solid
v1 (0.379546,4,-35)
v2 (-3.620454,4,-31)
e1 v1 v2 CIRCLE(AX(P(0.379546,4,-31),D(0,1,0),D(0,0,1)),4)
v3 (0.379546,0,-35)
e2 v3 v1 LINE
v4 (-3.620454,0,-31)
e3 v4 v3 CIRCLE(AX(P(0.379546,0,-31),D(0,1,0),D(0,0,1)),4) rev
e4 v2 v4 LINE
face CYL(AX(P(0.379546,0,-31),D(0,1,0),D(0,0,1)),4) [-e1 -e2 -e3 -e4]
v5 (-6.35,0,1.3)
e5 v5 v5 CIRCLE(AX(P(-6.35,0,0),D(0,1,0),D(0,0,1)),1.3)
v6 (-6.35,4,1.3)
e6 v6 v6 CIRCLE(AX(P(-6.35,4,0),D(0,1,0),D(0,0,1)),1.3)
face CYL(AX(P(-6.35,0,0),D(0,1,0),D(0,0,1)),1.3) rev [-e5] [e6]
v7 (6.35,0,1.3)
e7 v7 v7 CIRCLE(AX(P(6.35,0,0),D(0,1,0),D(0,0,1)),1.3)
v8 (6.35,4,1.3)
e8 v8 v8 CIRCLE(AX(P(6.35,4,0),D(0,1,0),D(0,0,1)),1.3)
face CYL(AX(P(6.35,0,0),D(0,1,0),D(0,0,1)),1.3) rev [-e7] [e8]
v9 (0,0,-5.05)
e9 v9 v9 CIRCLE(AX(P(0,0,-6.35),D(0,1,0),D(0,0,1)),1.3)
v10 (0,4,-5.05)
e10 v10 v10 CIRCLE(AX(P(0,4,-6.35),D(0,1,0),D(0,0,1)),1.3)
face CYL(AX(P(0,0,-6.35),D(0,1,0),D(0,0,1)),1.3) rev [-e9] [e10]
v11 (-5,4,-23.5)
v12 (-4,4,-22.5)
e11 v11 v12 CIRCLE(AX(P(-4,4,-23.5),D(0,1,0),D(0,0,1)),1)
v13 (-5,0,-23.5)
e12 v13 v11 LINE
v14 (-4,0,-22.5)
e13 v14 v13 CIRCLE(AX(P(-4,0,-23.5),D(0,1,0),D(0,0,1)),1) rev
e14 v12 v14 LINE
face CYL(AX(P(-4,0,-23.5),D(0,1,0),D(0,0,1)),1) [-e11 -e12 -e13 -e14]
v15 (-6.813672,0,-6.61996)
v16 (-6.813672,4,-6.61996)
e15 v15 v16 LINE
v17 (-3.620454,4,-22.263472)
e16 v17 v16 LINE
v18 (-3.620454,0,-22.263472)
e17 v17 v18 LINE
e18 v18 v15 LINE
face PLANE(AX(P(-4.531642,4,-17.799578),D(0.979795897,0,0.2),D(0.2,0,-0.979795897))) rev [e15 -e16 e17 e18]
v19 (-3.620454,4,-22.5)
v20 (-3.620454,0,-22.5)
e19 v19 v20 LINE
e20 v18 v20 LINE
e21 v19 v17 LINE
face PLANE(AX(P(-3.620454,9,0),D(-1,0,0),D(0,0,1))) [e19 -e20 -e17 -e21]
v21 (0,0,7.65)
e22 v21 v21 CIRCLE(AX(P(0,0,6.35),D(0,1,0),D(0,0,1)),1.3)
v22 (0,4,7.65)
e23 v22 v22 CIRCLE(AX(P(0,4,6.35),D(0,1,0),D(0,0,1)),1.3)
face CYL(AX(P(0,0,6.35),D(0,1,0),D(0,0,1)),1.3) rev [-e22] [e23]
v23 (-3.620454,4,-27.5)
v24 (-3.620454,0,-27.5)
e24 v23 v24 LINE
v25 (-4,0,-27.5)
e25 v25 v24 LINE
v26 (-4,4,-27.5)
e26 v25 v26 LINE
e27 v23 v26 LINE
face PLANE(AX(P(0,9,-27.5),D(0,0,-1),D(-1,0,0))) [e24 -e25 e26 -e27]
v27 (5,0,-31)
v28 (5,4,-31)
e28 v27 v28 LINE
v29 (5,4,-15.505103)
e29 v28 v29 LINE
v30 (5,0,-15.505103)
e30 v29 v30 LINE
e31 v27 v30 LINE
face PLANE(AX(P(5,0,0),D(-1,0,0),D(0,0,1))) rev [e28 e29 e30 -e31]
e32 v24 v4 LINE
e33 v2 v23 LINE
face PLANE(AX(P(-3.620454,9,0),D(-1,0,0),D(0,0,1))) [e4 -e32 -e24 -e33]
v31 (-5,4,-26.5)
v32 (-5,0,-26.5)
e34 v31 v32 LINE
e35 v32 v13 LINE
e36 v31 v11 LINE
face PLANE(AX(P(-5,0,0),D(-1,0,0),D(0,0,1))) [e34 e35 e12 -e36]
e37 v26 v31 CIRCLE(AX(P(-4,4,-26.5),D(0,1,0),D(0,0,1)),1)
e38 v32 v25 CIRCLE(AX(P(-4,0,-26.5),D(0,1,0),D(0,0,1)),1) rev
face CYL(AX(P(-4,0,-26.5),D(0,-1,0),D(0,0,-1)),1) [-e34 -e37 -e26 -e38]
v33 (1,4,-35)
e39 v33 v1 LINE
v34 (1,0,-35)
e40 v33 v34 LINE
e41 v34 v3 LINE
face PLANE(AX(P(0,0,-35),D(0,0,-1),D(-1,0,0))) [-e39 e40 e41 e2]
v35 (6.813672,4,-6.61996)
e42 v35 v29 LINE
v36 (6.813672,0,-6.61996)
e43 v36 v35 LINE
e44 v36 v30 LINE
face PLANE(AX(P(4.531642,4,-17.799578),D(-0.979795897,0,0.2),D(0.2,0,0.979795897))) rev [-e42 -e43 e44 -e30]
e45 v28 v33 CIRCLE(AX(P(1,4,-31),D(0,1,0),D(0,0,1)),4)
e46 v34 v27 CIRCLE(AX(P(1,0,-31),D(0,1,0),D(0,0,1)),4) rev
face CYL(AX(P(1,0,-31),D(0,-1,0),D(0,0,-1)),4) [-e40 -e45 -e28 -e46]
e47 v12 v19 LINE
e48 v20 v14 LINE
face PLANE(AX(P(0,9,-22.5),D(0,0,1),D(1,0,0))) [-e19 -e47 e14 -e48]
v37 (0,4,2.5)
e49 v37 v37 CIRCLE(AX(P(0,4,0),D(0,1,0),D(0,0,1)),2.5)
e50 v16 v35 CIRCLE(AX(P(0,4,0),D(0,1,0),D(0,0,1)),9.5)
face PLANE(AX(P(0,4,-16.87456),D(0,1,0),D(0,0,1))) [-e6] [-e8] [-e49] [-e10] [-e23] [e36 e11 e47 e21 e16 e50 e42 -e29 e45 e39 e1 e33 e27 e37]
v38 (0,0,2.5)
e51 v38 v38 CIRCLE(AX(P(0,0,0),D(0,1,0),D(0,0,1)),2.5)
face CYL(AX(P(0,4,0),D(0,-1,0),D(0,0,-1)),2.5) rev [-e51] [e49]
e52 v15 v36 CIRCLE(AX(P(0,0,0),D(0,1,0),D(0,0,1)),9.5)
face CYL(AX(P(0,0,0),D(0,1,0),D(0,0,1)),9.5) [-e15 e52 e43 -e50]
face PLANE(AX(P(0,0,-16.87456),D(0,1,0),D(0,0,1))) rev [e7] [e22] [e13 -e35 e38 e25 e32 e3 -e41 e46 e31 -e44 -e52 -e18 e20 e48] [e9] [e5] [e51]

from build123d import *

# Parameters (mm, degrees)
SKETCH1_R           = 3
SKETCH1_R_2         = 2.5
BOSS_EXTRUDE1_DEPTH = 4
SKETCH2_R           = 1.3
CUT_EXTRUDE1_DEPTH  = 4
BOSS_EXTRUDE2_DEPTH = 4
SKETCH4_R           = 3
BOSS_EXTRUDE3_DEPTH = 4
SKETCH6_W           = 1.3795464
SKETCH6_H           = 7.5
CUT_EXTRUDE2_DEPTH  = 9
FILLET3_R           = 4
FILLET4_R           = 1


with BuildPart() as part:
    # Sketch1 → Boss-Extrude1 (new body)
    with BuildSketch(Plane(origin=(0, 0, 0), x_dir=(1, 0, 0), z_dir=(0, 1, 0))):
        with BuildLine():
            Line((-4.531642246, 17.7995776), (-7.838367177, 1.6))
            ThreePointArc((-7.838367177, 1.6), (0, -8), (7.838367177, 1.6))
            Line((7.838367177, 1.6), (4.531642246, 17.7995776))
            ThreePointArc((4.531642246, 17.7995776), (0, 21.499648), (-4.531642246, 17.7995776))
        make_face()
        with Locations(Location((0, 16.87456, 0), (0, 0, 270))):
            Circle(SKETCH1_R, mode=Mode.SUBTRACT)
        with Locations(Location((0, 0, 0), (0, 0, 270))):
            Circle(SKETCH1_R_2, mode=Mode.SUBTRACT)
    extrude(amount=BOSS_EXTRUDE1_DEPTH)

    # Sketch2 → Cut-Extrude1 (cut)
    with BuildSketch(Plane(origin=(0, 4, 0), x_dir=(1, 0, 0), z_dir=(0, 1, 0))):
        with Locations(Location((0, 6.35, 0), (0, 0, 270))):
            Circle(SKETCH2_R)
        with Locations(Location((6.35, 0, 0), (0, 0, 270))):
            Circle(SKETCH2_R)
        with Locations(Location((0, -6.35, 0), (0, 0, 270))):
            Circle(SKETCH2_R)
        with Locations(Location((-6.35, 0, 0), (0, 0, 270))):
            Circle(SKETCH2_R)
    extrude(amount=-CUT_EXTRUDE1_DEPTH, mode=Mode.SUBTRACT)

    # Sketch3 → Boss-Extrude2 (add)
    with BuildSketch(Plane(origin=(0, 4, 0), x_dir=(1, 0, 0), z_dir=(0, 1, 0))):
        with BuildLine():
            Line((-7.838367177, 1.6), (-6.8136721, 6.619960159))
            ThreePointArc((-6.8136721, 6.619960159), (0, -9.5), (6.8136721, 6.619960159))
            Line((6.8136721, 6.619960159), (7.838367177, 1.6))
            ThreePointArc((7.838367177, 1.6), (0, -8), (-7.838367177, 1.6))
        make_face()
    extrude(amount=-BOSS_EXTRUDE2_DEPTH)

    # Sketch4 → Boss-Extrude3 (add)
    with BuildSketch(Plane(origin=(0, 4, 0), x_dir=(1, 0, 0), z_dir=(0, 1, 0))):
        with BuildLine():
            Line((5, 35), (0, 35))
            Line((0, 35), (-5, 35))
            Line((-5, 35), (-5, 15.505102572))
            Line((-5, 15.505102572), (-4.531642246, 17.7995776))
            ThreePointArc((-4.531642246, 17.7995776), (0, 21.499648), (4.531642246, 17.7995776))
            Line((4.531642246, 17.7995776), (5, 15.505102572))
            Line((5, 15.505102572), (5, 35))
        make_face()
        with BuildLine():
            Line((5, 10), (5, 15.505102572))
            Line((5, 15.505102572), (4.531642246, 17.7995776))
            ThreePointArc((4.531642246, 17.7995776), (0, 21.499648), (-4.531642246, 17.7995776))
            Line((-4.531642246, 17.7995776), (-5, 15.505102572))
            Line((-5, 15.505102572), (-5, 10))
            Line((-5, 10), (0, 10))
            Line((0, 10), (5, 10))
        make_face()
        with Locations((0, 16.87456)):
            Circle(SKETCH4_R, mode=Mode.SUBTRACT)
        with Locations((0, 16.87456)):
            Circle(SKETCH4_R)
    extrude(amount=-BOSS_EXTRUDE3_DEPTH)

    # Sketch6 → Cut-Extrude2 (cut)
    with BuildSketch(Plane.XZ):
        with Locations((-4.3102268, -31.25)):
            Rectangle(SKETCH6_W, SKETCH6_H)
        Polygon((-3.6204536, -22.263472087), (-5, -15.505102572), (-5, -22.5), (-3.6204536, -22.5), align=None)
    extrude(amount=-CUT_EXTRUDE2_DEPTH, mode=Mode.SUBTRACT)

    # Fillet3
    fillet3_edges = [part.edges().sort_by_distance(p)[0] for p in [
        (5, 2, -35),
        (-3.6204536, 2, -35),
    ]]
    fillet(fillet3_edges, radius=FILLET3_R)

    # Fillet4
    fillet4_edges = [part.edges().sort_by_distance(p)[0] for p in [
        (-5, 2, -22.5),
        (-5, 2, -27.5),
    ]]
    fillet(fillet4_edges, radius=FILLET4_R)


solid = part.part
